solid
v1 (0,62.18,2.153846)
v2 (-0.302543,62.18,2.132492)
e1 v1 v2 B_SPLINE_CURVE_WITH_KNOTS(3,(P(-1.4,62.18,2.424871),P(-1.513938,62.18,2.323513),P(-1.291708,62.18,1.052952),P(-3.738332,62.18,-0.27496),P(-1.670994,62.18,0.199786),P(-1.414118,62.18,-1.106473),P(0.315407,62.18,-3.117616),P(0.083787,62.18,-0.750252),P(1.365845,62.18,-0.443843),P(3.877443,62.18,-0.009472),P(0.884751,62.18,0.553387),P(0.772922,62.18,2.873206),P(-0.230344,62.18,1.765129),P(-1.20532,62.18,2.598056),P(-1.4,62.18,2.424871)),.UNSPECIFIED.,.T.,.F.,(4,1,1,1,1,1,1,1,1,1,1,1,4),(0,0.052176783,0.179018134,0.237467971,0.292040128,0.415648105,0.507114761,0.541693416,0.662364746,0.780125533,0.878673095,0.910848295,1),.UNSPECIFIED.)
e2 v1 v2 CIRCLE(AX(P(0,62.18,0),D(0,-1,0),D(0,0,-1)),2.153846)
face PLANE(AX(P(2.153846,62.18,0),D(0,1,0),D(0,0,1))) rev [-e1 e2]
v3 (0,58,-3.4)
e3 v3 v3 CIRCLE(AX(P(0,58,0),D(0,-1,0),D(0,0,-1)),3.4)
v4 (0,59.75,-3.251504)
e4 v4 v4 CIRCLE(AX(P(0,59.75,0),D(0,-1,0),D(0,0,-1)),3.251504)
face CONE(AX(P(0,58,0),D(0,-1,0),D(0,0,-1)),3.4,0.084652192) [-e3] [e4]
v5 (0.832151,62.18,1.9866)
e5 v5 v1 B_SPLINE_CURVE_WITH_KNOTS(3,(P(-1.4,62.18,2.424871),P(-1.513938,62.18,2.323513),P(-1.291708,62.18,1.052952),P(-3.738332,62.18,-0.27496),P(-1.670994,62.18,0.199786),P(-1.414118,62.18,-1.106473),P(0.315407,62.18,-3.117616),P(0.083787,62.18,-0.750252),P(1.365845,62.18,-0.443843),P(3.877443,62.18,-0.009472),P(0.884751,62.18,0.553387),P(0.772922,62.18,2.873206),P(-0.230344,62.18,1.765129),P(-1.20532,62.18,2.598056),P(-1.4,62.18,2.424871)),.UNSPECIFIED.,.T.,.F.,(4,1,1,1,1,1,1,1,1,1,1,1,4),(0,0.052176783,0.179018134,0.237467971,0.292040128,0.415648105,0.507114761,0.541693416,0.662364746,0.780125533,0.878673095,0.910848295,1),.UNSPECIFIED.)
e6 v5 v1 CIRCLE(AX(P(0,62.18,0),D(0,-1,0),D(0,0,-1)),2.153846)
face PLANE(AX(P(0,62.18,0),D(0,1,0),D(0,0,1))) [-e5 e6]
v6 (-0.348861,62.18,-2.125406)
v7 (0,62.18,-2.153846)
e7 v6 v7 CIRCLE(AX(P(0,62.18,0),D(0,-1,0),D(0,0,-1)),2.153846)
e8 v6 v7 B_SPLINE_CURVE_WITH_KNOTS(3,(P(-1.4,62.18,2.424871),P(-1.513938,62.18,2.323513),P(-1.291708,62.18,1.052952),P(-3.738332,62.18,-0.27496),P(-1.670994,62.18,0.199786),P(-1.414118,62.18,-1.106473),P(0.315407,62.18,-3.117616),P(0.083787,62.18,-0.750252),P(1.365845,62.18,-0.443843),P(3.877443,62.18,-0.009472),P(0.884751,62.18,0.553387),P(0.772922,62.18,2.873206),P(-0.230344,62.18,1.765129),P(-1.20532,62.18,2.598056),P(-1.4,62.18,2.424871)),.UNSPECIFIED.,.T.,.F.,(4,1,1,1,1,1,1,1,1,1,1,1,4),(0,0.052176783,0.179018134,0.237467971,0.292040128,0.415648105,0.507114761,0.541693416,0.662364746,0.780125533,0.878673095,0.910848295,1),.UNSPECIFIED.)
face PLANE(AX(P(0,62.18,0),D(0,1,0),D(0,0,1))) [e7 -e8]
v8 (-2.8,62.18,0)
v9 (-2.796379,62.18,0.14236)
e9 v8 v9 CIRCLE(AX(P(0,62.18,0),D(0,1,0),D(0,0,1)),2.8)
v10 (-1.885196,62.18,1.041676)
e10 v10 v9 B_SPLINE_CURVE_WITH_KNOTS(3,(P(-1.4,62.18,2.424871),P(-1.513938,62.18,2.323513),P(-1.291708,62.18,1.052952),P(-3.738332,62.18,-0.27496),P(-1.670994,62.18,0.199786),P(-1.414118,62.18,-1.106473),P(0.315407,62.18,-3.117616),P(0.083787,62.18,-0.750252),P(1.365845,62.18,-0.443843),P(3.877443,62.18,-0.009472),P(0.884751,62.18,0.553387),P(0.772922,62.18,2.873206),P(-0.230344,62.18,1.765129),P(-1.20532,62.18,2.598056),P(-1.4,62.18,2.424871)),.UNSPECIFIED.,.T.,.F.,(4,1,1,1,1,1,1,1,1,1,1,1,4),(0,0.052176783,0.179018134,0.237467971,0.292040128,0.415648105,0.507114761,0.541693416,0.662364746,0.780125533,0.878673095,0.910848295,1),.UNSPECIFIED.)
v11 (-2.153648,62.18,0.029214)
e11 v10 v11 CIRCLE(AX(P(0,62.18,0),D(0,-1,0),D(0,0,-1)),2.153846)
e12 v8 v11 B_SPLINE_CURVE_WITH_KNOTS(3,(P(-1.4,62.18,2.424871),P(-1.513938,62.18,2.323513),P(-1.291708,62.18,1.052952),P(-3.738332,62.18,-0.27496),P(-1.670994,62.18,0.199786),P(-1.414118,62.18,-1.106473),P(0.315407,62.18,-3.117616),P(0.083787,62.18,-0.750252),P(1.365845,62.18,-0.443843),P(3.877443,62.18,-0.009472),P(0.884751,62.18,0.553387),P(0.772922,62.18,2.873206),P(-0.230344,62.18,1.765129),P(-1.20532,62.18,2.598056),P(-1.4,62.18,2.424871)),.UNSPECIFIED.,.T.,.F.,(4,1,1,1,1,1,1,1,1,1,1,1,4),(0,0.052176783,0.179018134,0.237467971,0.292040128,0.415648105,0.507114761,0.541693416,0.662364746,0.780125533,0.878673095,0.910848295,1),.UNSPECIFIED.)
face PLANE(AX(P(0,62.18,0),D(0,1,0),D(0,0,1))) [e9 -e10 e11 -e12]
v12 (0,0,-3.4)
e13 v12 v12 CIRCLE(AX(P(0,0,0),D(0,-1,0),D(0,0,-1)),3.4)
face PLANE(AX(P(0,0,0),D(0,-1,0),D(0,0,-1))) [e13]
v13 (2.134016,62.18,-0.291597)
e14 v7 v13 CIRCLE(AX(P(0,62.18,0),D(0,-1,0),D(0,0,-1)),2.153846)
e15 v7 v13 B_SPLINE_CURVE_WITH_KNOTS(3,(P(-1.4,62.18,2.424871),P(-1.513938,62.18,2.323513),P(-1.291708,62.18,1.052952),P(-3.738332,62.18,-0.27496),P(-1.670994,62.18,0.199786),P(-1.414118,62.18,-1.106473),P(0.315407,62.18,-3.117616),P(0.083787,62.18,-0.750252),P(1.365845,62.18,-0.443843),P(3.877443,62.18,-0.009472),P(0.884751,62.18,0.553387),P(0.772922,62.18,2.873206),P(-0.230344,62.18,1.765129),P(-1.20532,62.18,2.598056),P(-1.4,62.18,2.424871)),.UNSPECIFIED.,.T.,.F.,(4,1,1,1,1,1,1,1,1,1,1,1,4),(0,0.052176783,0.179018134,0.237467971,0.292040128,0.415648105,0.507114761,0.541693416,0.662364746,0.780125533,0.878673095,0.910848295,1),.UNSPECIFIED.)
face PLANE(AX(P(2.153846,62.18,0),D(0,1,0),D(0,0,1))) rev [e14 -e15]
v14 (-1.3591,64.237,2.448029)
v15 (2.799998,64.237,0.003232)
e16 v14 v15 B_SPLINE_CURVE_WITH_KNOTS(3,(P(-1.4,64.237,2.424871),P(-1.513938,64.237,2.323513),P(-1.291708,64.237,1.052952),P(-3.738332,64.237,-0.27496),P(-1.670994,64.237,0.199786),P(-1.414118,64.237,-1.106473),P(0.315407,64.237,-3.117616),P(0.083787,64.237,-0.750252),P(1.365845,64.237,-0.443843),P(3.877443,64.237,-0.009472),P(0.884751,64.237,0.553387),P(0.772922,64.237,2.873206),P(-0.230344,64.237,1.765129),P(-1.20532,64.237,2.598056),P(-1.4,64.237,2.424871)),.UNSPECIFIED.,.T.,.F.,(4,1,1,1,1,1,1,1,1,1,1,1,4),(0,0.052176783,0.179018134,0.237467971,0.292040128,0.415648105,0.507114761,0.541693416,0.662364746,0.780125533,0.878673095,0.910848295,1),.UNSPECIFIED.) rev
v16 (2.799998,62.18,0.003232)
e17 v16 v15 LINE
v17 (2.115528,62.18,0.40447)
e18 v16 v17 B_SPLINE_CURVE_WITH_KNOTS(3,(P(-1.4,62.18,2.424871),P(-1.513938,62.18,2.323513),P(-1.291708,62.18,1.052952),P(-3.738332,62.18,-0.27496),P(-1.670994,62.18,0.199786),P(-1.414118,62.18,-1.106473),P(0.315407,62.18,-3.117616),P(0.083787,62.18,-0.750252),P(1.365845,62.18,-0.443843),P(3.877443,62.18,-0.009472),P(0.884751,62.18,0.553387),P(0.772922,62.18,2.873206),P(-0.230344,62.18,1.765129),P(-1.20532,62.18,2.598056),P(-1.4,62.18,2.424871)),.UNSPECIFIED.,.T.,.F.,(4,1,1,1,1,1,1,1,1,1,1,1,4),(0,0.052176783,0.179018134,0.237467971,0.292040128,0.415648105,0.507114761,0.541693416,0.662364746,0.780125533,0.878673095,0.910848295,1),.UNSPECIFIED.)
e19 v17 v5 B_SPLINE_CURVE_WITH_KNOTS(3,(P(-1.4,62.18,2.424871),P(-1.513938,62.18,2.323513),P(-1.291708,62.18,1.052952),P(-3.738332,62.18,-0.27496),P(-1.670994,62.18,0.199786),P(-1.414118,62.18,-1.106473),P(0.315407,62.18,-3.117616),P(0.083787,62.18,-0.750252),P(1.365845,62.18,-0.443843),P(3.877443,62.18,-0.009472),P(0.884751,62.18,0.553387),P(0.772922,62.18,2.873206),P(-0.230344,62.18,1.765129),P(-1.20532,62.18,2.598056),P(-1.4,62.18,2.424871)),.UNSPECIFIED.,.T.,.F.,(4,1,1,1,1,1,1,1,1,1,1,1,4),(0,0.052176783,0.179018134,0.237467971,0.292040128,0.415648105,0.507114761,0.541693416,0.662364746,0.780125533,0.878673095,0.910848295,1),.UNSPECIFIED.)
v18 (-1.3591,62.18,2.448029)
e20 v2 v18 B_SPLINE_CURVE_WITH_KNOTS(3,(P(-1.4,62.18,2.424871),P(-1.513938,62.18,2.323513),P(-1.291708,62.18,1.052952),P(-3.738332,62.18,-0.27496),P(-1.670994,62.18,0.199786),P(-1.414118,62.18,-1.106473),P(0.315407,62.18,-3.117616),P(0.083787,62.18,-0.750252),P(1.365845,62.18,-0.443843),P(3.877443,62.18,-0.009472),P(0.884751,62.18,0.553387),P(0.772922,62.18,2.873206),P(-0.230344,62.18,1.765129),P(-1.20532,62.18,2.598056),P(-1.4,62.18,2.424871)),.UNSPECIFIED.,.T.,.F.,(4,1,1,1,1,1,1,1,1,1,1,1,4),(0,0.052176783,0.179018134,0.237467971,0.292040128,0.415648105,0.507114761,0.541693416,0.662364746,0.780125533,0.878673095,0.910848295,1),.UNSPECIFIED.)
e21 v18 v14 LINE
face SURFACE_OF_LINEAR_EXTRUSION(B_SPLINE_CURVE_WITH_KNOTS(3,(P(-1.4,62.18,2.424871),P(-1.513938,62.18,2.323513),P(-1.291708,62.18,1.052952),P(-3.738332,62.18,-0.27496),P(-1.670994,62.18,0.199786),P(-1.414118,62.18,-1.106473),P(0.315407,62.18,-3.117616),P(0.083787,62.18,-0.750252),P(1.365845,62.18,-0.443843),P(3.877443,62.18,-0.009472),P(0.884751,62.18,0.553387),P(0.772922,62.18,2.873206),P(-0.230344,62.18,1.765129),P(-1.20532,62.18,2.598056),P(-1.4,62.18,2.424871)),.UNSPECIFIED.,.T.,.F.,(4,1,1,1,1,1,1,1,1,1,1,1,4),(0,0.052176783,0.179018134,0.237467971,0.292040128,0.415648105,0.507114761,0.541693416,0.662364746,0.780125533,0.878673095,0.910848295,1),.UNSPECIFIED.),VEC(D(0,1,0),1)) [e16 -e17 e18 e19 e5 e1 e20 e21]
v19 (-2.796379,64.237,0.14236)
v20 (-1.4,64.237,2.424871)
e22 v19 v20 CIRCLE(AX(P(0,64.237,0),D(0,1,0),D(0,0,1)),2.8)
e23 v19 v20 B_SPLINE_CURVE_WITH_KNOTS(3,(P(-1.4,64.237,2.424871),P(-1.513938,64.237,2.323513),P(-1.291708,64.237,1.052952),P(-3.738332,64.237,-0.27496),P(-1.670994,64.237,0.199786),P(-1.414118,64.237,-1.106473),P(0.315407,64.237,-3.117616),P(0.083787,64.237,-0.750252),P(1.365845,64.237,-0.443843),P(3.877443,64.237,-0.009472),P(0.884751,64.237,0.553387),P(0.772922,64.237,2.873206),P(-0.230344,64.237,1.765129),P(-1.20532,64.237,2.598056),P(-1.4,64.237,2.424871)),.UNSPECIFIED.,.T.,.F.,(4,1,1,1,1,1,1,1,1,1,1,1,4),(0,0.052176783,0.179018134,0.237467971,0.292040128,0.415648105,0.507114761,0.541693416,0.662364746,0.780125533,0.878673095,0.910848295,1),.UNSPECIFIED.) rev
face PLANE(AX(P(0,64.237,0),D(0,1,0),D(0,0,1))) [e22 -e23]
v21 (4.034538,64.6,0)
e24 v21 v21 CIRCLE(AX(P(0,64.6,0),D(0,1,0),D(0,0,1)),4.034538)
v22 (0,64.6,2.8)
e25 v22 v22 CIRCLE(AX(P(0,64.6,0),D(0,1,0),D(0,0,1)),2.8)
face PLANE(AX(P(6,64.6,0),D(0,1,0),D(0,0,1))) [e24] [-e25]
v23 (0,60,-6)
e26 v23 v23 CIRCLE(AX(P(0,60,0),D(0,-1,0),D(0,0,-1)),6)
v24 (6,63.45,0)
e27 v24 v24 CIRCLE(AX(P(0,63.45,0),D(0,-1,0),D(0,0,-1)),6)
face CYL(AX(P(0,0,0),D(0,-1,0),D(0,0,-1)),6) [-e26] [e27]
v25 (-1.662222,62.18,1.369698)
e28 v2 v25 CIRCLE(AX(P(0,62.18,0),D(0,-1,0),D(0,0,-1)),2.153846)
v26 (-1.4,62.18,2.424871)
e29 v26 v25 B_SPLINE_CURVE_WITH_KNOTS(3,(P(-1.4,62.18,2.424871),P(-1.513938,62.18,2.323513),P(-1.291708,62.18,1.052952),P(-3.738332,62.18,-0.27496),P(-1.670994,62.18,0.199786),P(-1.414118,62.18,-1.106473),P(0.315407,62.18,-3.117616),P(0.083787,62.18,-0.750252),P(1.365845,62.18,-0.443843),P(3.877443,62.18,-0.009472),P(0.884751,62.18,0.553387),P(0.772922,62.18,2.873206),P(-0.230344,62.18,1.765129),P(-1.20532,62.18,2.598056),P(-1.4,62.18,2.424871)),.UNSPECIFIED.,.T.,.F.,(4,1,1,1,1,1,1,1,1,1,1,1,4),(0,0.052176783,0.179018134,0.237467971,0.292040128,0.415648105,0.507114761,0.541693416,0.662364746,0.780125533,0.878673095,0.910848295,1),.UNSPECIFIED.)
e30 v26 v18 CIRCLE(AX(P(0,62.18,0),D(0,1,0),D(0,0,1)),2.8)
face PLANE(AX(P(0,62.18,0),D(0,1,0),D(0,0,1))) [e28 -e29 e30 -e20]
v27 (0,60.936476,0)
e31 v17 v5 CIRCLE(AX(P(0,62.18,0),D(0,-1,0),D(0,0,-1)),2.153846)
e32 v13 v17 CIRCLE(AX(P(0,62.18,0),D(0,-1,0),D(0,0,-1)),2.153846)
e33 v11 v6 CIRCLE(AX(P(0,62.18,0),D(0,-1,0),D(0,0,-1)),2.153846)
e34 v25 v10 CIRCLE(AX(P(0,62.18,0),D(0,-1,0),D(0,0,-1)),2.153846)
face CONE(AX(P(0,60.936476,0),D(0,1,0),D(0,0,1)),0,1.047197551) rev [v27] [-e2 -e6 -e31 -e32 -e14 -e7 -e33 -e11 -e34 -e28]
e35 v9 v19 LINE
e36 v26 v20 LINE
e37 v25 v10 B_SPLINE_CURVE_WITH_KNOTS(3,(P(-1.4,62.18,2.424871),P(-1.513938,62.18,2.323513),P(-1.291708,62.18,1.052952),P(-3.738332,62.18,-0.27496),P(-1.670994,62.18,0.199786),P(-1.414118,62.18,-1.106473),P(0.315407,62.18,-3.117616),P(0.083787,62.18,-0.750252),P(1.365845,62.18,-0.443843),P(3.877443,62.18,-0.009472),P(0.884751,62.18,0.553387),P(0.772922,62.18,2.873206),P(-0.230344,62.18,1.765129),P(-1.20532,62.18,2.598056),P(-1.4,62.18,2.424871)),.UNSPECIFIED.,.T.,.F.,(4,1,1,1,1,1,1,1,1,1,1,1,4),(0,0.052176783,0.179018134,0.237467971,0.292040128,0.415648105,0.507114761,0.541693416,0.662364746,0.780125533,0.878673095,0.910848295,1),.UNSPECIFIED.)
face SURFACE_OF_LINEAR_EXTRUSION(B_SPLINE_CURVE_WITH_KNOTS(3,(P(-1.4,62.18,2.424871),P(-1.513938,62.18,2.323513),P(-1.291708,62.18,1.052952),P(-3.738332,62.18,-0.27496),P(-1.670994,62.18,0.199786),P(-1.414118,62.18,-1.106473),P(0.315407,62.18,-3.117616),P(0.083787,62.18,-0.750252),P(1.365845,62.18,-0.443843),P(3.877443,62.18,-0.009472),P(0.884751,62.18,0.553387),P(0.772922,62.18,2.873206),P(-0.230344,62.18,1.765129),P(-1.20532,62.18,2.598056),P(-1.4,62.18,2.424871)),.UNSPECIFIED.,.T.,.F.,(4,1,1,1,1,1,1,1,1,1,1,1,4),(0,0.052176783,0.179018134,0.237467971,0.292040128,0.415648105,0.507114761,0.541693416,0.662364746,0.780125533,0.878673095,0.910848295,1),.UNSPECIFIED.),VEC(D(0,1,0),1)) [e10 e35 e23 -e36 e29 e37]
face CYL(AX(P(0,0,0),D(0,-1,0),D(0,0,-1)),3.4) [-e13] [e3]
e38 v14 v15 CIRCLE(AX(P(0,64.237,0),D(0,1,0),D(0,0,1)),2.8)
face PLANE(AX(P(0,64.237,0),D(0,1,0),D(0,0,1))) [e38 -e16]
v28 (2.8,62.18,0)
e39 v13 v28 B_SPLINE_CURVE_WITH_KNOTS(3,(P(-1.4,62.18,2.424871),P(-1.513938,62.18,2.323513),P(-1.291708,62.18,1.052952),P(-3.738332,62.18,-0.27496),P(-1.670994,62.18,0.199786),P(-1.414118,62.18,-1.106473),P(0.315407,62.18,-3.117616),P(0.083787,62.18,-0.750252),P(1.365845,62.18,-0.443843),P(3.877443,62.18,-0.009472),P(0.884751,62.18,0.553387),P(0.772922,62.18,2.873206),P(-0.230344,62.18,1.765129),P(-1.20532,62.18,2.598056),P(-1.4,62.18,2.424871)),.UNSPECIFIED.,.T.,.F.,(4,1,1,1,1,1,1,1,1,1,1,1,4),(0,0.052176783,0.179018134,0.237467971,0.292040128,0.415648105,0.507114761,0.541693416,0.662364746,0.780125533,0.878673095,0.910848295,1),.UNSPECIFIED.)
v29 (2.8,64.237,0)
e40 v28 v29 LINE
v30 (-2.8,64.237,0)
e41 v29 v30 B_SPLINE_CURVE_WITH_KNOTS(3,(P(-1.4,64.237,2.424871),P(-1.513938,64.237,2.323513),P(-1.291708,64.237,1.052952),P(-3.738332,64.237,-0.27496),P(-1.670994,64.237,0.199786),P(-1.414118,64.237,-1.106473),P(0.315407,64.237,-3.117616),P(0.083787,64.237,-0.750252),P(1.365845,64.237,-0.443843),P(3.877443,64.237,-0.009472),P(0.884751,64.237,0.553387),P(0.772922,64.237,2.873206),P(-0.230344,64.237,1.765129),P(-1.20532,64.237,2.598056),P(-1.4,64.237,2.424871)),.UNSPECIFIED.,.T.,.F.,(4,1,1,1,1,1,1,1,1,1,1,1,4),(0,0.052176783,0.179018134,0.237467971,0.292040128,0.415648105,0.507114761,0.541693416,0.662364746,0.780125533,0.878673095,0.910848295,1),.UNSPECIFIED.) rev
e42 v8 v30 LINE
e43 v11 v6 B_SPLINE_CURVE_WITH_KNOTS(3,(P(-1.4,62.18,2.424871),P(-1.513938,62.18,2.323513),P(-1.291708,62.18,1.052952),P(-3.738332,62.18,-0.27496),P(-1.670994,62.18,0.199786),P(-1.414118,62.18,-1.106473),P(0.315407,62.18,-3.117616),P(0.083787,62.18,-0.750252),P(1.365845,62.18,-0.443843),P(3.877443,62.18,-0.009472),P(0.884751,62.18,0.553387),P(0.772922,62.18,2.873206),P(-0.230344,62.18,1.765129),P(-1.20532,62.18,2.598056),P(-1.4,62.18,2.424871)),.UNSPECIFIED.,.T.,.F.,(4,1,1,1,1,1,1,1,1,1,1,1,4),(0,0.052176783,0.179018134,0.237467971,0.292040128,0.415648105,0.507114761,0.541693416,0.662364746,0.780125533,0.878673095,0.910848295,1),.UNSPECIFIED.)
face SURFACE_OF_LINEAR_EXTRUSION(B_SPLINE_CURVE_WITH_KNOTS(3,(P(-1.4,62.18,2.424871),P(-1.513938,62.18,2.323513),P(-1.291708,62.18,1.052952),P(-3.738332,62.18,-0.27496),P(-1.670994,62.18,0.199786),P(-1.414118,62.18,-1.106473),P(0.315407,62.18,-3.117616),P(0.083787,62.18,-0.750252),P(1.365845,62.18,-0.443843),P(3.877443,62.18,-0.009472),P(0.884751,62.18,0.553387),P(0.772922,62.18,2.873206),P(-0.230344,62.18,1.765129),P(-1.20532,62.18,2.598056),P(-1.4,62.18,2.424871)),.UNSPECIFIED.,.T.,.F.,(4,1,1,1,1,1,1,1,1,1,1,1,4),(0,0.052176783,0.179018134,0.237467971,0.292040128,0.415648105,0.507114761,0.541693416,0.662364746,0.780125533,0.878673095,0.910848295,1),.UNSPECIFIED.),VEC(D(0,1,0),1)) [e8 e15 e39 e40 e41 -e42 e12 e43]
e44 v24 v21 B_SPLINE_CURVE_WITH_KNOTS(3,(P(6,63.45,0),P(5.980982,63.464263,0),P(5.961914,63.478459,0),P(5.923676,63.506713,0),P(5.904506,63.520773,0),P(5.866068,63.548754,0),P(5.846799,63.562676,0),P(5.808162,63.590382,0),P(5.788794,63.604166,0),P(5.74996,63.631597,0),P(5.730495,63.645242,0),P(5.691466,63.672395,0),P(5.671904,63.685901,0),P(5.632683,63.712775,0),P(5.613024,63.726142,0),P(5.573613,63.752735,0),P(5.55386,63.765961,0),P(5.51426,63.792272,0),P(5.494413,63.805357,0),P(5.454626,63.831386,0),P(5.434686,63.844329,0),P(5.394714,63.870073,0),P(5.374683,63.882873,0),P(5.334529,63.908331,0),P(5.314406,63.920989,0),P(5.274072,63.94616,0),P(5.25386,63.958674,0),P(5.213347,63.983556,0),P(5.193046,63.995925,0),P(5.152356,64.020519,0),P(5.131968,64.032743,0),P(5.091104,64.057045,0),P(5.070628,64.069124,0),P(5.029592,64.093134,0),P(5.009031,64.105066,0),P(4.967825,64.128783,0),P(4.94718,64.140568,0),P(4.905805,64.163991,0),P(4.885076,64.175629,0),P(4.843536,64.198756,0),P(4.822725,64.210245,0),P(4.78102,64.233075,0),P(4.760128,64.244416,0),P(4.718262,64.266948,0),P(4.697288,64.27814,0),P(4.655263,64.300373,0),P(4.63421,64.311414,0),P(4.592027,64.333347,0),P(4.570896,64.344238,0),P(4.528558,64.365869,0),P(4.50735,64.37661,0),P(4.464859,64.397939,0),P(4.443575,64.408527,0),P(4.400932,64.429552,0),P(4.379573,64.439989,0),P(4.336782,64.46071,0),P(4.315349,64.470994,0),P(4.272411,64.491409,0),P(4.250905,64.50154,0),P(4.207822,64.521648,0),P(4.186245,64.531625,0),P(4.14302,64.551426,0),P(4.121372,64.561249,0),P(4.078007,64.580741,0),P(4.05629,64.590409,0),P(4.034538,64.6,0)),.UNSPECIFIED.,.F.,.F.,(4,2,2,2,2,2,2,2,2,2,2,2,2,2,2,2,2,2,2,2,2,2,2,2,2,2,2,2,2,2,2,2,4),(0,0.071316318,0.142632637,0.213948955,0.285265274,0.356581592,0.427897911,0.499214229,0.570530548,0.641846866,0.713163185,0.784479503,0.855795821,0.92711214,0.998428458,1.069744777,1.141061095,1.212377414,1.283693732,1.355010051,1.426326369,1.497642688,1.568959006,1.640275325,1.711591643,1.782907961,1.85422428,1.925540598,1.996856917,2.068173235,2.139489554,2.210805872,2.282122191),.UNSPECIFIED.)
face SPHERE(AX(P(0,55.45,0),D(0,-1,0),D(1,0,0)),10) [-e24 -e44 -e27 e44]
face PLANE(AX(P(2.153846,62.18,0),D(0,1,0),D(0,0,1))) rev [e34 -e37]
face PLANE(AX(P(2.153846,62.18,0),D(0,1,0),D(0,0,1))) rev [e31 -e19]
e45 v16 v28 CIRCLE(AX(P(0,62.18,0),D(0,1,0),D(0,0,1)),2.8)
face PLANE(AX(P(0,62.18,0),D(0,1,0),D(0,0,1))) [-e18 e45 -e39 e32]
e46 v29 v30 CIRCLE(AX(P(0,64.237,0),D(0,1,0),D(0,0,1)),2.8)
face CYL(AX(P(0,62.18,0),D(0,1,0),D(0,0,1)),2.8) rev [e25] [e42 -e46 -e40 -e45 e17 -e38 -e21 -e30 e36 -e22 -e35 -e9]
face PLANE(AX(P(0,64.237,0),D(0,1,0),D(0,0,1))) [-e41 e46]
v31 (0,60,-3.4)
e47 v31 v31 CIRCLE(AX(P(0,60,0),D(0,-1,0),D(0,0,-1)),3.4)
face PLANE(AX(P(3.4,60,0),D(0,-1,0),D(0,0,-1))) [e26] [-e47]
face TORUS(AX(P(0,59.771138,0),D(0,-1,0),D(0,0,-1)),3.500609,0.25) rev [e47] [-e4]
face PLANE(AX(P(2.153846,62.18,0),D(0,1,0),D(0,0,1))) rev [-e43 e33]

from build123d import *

# Parameters (mm, degrees)
RECESS_CUT_EXTRUDE1_DEPTH = 2.42
SKETCH7_R                 = 2.8
RECESS_CUT_EXTRUDE2_DEPTH = 0.363


with BuildPart() as part:
    # Sketch1 → BODY (revolve)
    with BuildSketch(Plane.XY, mode=Mode.PRIVATE) as body_sk:
        Polygon((0, 0), (3.4, 0), (3.4, 60), (6, 60), (6, 64.6), (0, 64.6), align=None)
    revolve(body_sk.sketch.rotate(Axis((0, 0, 0), (0, 1, 0)), 90), axis=Axis((0, 0, 0), (0, 1, 0)))

    # Sketch2 → HEAD-CUT (revolve, cut)
    with BuildSketch(Plane.XY, mode=Mode.PRIVATE) as head_cut_sk:
        with BuildLine():
            ThreePointArc((10, 55.45), (7.071067812, 62.521067812), (0, 65.45))
            Line((0, 65.45), (0, 65.93216157))
            Line((0, 65.93216157), (10, 65.93216157))
            Line((10, 65.93216157), (10, 55.45))
        make_face()
    revolve(head_cut_sk.sketch.rotate(Axis((0, 0, 0), (0, 1, 0)), 90), axis=Axis((0, 0, 0), (0, 1, 0)), mode=Mode.SUBTRACT)

    # Sketch4 → GAP (revolve, cut)
    with BuildSketch(Plane.XY, mode=Mode.PRIVATE) as gap_sk:
        with BuildLine():
            Line((-3.4, 58), (-3.251503787, 59.75))
            ThreePointArc((-3.251503787, 59.75), (-3.28566705, 59.89880979), (-3.4, 60))
            Line((-3.4, 60), (-3.4, 58))
        make_face()
    revolve(gap_sk.sketch.rotate(Axis((0, 0, 0), (0, 1, 0)), 270), axis=Axis((0, 0, 0), (0, 1, 0)), mode=Mode.SUBTRACT)

    # Sketch5 → Recess-Cut-Extrude1 (cut)
    with BuildSketch(Plane(origin=(0, 64.6, 0), x_dir=(-1, 0, 0), z_dir=(0, 1, 0))):
        with BuildLine():
            add(Edge.make_bspline(
                [(2.8, 0), (2.645109866, -0.023911085), (1.670994331, 0.199786237), (1.414118172, -1.106473263), (-0.315407204, -3.117616193), (-0.08378741, -0.750252113), (-1.3658447, -0.443842911), (-2.797125263, -0.196308398), (-2.80002409, 0.001077292), (-2.800023768, 0.001616003)],
                knots=[0.179018134, 0.179018134, 0.179018134, 0.179018134, 0.237467971, 0.292040128, 0.415648105, 0.507114761, 0.541693416, 0.662364746, 0.662694958, 0.662694958, 0.662694958, 0.662694958], degree=3))
            ThreePointArc((2.8, 0), (2.799094521, 0.071202971), (2.796378669, 0.142359889))
            add(Edge.make_bspline(
                [(1.4, 2.424871131), (1.513938157, 2.323513219), (1.329282824, 1.267778391), (2.57149917, 0.398112713), (2.796378669, 0.142359889)],
                knots=[0, 0, 0, 0, 0.052176783, 0.148749777, 0.148749777, 0.148749777, 0.148749777], degree=3))
            ThreePointArc((1.4, 2.424871131), (1.379598676, 2.436535962), (1.359100168, 2.448029153))
            add(Edge.make_bspline(
                [(-2.800023768, 0.001616003), (-2.799909028, 0.193193204), (-0.88460249, 0.55646964), (-0.772921937, 2.873205542), (0.205731927, 1.792311947), (1.119461988, 2.526850423), (1.359100168, 2.448029153)],
                knots=[0.662694958, 0.662694958, 0.662694958, 0.662694958, 0.780125533, 0.878673095, 0.910848295, 0.994606061, 0.994606061, 0.994606061, 0.994606061], degree=3))
        make_face()
    extrude(amount=-RECESS_CUT_EXTRUDE1_DEPTH, mode=Mode.SUBTRACT)

    # Sketch3 → DRILL-CUT (revolve, cut)
    with BuildSketch(Plane.XY):
        Polygon((0, 60.936476343), (2.153846154, 62.18), (0, 62.18), align=None)
    revolve(axis=Axis((0, 0, 0), (0, 1, 0)), mode=Mode.SUBTRACT)

    # Sketch7 → Recess-Cut-Extrude2 (cut)
    with BuildSketch(Plane(origin=(0, 64.6, 0), x_dir=(-1, 0, 0), z_dir=(0, 1, 0))):
        with Locations(Location((0, 0, 0), (0, 0, 90))):
            Circle(SKETCH7_R)
    extrude(amount=-RECESS_CUT_EXTRUDE2_DEPTH, mode=Mode.SUBTRACT)


solid = part.part
